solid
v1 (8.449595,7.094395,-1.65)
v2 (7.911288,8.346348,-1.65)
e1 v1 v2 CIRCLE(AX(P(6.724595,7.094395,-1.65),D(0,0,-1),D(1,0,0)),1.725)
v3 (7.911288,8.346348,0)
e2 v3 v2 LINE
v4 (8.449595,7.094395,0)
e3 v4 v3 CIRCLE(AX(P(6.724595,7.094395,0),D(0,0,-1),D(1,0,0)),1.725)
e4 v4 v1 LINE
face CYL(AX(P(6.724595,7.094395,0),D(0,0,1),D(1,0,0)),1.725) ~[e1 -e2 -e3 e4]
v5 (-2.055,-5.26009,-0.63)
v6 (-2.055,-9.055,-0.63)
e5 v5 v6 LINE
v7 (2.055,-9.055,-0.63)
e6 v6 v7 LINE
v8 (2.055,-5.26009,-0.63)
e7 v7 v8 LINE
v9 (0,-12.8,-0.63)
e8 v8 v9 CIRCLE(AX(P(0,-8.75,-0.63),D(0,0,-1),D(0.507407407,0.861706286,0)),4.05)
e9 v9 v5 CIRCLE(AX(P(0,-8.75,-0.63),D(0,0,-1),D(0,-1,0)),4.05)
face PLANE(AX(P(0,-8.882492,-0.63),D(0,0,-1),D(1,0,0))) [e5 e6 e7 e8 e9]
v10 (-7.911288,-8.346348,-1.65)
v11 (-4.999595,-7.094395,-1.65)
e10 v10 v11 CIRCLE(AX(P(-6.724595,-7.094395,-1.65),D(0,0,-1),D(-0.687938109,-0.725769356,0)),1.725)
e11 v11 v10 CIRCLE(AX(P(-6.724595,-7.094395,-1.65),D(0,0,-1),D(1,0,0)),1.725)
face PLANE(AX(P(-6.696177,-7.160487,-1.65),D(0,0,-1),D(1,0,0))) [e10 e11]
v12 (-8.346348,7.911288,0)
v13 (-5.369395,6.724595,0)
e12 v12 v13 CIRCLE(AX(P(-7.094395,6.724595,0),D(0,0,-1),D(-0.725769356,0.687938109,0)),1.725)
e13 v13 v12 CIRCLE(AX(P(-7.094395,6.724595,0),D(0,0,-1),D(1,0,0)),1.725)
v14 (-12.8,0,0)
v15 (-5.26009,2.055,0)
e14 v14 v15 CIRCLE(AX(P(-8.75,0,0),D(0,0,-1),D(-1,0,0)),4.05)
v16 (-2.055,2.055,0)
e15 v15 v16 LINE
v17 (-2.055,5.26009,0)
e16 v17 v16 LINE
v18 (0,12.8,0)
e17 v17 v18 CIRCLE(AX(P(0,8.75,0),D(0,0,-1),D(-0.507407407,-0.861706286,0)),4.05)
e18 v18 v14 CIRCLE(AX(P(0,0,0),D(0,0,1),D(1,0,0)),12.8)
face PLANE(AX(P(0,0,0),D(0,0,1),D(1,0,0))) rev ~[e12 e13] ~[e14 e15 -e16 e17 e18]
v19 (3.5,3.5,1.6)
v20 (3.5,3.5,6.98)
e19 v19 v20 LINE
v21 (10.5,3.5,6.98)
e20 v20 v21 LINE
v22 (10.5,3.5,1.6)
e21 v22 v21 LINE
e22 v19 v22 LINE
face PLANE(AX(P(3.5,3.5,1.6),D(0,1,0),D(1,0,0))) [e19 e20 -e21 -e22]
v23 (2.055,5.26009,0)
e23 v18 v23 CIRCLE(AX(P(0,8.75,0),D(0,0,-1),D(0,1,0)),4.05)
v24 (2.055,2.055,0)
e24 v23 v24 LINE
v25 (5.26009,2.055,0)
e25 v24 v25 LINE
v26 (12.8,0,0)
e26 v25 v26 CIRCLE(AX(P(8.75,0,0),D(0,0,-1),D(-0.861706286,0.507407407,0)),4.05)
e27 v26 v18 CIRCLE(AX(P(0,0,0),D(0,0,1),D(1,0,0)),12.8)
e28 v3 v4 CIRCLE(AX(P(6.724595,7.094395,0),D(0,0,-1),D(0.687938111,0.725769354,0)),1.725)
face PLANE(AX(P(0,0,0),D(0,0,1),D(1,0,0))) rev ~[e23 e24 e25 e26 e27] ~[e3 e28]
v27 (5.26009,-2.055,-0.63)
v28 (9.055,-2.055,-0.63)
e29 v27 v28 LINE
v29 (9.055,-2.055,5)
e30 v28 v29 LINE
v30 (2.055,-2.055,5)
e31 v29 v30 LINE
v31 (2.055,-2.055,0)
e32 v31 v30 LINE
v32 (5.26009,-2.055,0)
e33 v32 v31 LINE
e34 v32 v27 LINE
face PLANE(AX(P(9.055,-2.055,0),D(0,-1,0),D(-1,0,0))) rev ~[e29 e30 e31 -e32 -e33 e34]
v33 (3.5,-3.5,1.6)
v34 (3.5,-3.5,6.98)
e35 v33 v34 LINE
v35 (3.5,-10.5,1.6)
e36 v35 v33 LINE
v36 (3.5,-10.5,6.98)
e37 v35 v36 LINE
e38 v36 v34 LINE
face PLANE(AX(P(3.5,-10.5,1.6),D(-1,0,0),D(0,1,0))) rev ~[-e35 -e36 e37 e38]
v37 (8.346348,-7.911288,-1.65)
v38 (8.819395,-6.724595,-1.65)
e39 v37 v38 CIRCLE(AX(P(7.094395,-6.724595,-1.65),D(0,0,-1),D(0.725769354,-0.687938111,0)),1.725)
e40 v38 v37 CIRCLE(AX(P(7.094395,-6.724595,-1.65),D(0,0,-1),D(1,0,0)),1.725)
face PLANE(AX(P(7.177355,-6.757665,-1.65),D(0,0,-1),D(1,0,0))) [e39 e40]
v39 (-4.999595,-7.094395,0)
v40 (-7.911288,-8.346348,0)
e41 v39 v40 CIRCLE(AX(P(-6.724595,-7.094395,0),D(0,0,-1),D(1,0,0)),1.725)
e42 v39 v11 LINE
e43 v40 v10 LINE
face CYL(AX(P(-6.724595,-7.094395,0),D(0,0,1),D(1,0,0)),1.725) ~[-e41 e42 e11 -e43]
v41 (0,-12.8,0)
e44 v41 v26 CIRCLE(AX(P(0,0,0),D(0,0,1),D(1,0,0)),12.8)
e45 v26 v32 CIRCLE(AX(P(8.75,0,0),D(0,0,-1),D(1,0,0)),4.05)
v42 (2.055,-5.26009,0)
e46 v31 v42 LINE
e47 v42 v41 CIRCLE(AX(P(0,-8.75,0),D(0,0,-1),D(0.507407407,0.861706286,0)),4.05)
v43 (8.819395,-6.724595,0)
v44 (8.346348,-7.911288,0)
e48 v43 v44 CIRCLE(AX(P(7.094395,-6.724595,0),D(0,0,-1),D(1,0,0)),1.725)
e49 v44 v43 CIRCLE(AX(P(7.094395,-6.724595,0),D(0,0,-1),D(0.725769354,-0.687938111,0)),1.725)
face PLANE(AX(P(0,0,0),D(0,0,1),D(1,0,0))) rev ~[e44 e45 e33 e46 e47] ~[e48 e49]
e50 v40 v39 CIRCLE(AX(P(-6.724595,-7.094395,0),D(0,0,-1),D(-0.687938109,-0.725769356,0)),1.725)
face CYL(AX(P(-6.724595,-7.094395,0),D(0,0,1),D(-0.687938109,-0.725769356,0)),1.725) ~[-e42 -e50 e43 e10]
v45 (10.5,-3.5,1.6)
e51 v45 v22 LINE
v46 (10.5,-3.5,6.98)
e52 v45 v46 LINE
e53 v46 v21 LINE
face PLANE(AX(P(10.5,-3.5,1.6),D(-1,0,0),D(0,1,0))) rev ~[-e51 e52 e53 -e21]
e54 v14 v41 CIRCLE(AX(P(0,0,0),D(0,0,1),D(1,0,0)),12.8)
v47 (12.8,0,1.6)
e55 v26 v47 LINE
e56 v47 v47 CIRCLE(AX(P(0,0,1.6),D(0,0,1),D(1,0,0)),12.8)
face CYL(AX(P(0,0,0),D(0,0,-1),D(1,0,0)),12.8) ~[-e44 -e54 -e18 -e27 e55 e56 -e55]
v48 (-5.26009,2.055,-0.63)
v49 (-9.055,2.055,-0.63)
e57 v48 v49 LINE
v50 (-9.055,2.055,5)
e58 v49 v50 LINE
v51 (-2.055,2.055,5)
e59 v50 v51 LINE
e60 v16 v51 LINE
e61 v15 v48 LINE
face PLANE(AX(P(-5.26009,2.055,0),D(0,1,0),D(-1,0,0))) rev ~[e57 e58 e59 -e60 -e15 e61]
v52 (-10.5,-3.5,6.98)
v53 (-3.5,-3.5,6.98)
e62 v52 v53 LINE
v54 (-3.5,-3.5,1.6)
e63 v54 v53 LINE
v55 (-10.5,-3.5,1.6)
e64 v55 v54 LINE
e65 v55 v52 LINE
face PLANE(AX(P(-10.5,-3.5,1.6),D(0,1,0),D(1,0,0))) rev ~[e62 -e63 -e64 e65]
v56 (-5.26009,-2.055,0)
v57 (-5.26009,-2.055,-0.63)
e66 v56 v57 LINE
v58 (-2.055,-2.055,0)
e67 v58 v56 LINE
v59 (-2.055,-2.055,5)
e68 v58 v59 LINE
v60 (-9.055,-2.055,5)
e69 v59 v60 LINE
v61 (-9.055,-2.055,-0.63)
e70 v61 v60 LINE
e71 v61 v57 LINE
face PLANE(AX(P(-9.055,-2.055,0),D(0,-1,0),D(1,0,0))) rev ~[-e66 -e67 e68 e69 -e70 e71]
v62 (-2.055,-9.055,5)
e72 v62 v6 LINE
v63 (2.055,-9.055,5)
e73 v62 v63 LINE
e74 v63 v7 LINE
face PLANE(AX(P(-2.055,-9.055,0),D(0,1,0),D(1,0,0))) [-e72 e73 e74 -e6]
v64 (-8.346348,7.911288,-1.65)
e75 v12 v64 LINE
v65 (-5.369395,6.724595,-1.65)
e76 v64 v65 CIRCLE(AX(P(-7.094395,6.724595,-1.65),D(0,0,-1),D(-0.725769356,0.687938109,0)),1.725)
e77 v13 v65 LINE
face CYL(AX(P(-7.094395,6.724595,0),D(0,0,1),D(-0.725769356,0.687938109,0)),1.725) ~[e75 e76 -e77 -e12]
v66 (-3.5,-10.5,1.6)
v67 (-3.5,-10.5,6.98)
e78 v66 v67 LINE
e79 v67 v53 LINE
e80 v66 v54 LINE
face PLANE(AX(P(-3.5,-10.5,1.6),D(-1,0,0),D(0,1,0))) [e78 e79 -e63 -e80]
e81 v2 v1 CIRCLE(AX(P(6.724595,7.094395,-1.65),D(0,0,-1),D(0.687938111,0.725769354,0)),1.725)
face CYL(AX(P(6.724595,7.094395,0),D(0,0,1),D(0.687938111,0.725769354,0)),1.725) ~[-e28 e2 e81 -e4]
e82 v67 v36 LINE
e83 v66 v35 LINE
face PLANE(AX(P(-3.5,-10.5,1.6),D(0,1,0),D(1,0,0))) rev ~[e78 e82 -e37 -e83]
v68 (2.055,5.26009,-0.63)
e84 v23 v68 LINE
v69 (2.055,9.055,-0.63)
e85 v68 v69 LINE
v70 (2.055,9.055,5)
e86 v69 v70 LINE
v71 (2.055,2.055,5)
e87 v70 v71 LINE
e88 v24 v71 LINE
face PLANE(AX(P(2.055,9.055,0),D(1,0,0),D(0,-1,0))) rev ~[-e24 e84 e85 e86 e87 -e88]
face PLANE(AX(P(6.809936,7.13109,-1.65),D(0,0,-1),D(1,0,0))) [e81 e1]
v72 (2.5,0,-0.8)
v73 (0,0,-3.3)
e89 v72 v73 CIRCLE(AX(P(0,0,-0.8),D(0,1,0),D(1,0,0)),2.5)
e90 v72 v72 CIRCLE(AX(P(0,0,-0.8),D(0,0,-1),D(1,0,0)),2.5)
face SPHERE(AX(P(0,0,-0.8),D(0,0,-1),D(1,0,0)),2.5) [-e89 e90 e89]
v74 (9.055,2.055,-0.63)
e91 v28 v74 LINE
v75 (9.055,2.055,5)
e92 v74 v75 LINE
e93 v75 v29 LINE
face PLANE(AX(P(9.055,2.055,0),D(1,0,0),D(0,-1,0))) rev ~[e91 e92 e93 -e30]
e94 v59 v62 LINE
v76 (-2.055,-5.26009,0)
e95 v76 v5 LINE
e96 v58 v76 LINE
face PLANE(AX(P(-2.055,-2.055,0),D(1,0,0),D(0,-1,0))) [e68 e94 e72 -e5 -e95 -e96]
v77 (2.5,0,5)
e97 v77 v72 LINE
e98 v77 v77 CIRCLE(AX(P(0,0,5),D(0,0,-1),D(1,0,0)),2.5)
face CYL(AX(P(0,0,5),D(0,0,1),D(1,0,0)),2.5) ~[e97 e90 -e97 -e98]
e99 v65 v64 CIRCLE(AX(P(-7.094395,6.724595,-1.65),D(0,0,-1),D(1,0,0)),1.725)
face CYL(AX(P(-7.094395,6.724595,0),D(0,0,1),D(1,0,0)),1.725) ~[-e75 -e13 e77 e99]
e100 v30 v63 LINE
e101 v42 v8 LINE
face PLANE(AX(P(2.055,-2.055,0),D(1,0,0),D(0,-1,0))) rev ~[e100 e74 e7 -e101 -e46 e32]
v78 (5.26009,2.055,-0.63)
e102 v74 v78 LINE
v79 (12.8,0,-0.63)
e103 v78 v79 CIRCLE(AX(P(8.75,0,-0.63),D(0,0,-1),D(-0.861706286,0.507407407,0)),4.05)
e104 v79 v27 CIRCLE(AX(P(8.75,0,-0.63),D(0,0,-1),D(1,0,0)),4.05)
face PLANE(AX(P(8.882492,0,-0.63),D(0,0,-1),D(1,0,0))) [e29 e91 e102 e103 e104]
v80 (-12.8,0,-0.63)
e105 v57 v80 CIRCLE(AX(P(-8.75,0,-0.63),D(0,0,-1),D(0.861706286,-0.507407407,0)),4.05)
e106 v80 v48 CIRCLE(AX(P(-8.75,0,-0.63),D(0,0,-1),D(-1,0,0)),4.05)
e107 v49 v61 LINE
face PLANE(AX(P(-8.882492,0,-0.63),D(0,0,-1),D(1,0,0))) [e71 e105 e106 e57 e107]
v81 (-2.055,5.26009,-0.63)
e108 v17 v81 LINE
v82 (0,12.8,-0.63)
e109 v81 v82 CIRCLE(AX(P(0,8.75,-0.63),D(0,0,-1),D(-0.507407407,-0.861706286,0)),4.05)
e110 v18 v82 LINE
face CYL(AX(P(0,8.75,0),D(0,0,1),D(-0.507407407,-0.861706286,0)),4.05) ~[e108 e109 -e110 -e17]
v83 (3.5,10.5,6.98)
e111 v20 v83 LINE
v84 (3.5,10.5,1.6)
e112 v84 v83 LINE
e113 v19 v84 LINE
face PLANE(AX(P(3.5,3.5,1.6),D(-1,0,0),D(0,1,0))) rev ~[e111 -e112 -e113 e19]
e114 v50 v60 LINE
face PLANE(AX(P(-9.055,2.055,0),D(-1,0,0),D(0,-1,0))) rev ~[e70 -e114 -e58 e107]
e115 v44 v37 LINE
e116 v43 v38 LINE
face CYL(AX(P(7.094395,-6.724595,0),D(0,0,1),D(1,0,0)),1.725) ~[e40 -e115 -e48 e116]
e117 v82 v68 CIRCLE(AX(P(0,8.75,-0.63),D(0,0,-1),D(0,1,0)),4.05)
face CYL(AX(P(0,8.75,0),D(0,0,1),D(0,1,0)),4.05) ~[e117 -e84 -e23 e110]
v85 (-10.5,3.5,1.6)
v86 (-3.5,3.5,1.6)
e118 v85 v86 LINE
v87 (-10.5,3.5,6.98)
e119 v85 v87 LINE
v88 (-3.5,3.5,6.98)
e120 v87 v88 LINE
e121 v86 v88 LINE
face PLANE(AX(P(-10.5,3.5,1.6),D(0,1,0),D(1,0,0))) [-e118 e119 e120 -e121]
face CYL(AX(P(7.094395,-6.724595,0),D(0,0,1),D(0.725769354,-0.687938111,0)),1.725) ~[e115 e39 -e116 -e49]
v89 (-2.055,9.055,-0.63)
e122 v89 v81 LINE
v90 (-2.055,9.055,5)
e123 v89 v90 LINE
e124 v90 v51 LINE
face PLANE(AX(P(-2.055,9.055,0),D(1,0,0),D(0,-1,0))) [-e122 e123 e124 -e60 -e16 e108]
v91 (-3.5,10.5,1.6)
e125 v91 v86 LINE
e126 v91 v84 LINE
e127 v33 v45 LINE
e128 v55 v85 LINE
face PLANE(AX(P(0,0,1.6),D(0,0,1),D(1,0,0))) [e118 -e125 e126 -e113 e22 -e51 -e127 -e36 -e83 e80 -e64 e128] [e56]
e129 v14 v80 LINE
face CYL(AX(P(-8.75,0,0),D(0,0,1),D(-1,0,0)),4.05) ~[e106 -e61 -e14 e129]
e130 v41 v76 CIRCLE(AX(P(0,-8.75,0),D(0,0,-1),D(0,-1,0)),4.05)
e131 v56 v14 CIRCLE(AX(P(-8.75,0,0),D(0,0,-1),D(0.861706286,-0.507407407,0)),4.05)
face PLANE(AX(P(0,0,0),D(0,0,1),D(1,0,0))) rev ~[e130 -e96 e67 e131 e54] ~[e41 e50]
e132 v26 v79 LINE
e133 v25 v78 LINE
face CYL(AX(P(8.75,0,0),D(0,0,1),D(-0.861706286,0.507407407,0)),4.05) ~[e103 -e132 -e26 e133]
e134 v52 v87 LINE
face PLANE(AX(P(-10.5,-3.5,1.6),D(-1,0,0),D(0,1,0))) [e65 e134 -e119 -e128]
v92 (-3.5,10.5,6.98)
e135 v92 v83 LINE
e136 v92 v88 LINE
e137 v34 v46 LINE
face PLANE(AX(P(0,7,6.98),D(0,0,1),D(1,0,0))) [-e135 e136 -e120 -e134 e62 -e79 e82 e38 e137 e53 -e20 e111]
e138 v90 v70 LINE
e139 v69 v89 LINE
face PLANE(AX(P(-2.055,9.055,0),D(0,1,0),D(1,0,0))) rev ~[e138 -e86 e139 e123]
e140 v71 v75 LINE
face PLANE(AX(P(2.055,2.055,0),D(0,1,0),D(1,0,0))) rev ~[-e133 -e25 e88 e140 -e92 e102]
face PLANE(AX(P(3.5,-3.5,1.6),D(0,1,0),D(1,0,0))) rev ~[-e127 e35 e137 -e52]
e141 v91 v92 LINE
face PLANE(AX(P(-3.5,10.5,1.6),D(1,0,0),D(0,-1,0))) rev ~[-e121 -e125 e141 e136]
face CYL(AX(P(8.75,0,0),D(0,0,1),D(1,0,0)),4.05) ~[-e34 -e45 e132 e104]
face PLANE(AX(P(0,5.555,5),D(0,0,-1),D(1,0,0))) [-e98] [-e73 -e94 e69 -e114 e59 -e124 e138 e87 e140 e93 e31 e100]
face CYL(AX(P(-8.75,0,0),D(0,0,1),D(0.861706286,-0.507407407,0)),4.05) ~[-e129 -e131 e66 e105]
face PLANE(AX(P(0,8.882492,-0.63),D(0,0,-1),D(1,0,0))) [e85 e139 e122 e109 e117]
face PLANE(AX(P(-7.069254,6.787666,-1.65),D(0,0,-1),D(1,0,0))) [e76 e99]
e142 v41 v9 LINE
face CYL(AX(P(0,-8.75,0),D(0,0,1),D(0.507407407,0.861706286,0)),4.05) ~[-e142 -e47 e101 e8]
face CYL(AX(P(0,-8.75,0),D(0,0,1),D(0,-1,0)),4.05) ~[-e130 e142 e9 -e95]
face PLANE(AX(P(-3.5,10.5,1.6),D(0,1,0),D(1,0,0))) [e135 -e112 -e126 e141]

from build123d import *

# Parameters (mm, degrees)
F0_R      = 12.8
F1_DEPTH  = 1.6
F2_W      = 7
F2_H      = 7
F3_DEPTH  = 5.38
F4_W      = 4.11
F4_H      = 7
F4_W_2    = 7
F4_H_2    = 4.11
F5_DEPTH  = 5
F6_R      = 2.5
F7_DEPTH  = 8.3
F9_DEPTH  = 0.63
F11_DEPTH = 1.65
F12_R     = 2.5


with BuildPart() as f1:
    # F0 (on Top) → F1 (new body)
    with BuildSketch(Plane.XY):
        Circle(F0_R)
    extrude(amount=F1_DEPTH)

    # F2 (on face) → F3 (join)
    with BuildSketch(Plane.XY.offset(1.6)):
        with Locations((0, 7)):
            Rectangle(F2_W, F2_H)
        with Locations((7, 0)):
            Rectangle(F2_W, F2_H)
        Rectangle(F2_W, F2_H)
        with Locations((-7, 0)):
            Rectangle(F2_W, F2_H)
        with Locations((0, -7)):
            Rectangle(F2_W, F2_H)
    extrude(amount=F3_DEPTH)

    # F4 (on face) → F5 (cut)
    with BuildSketch(Plane(origin=(0, 0, 0), x_dir=(1, 0, 0), z_dir=(0, 0, -1))):
        with Locations((0, -5.555)):
            Rectangle(F4_W, F4_H)
        with Locations((-5.555, 0)):
            Rectangle(F4_W_2, F4_H_2)
        Rectangle(F4_W, F4_H_2)
        with Locations((5.555, 0)):
            Rectangle(F4_W_2, F4_H_2)
        with Locations((0, 5.555)):
            Rectangle(F4_W, F4_H)
    extrude(amount=-F5_DEPTH, mode=Mode.SUBTRACT)

    # F6 (on face) → F7 (join)
    with BuildSketch(Plane(origin=(0, 0, 5), x_dir=(1, 0, 0), z_dir=(0, 0, -1))):
        Circle(F6_R)
    extrude(amount=F7_DEPTH)

    # F8 (on face) → F9 (join)
    with BuildSketch(Plane(origin=(0, 0, 0), x_dir=(1, 0, 0), z_dir=(0, 0, -1))):
        with BuildLine():
            ThreePointArc((-5.2600895427, 2.055), (-9.8149794946, 3.9074696001), (-12.8, 0))
            ThreePointArc((-12.8, 0), (-9.8149794946, -3.9074696001), (-5.2600895427, -2.055))
            Line((-5.2600895427, -2.055), (-9.055, -2.055))
            Line((-9.055, -2.055), (-9.055, 2.055))
            Line((-9.055, 2.055), (-5.2600895427, 2.055))
        make_face()
        with BuildLine():
            ThreePointArc((2.055, 5.2600895427), (3.516052474, 6.7400559709), (4.05, 8.75))
            ThreePointArc((4.05, 8.75), (2.8637824638, 11.6137824638), (0, 12.8))
            ThreePointArc((0, 12.8), (-3.9074696001, 9.8149794946), (-2.055, 5.2600895427))
            Line((-2.055, 5.2600895427), (-2.055, 9.055))
            Line((-2.055, 9.055), (2.055, 9.055))
            Line((2.055, 9.055), (2.055, 5.2600895427))
        make_face()
        with BuildLine():
            ThreePointArc((5.2600895427, -2.055), (9.8149794946, -3.9074696001), (12.8, 0))
            ThreePointArc((12.8, 0), (9.8149794946, 3.9074696001), (5.2600895427, 2.055))
            Line((5.2600895427, 2.055), (9.055, 2.055))
            Line((9.055, 2.055), (9.055, -2.055))
            Line((9.055, -2.055), (5.2600895427, -2.055))
        make_face()
        with BuildLine():
            ThreePointArc((-2.055, -5.2600895427), (-3.9074696001, -9.8149794946), (0, -12.8))
            ThreePointArc((0, -12.8), (2.8637824638, -11.6137824638), (4.05, -8.75))
            ThreePointArc((4.05, -8.75), (3.516052474, -6.7400559709), (2.055, -5.2600895427))
            Line((2.055, -5.2600895427), (2.055, -9.055))
            Line((2.055, -9.055), (-2.055, -9.055))
            Line((-2.055, -9.055), (-2.055, -5.2600895427))
        make_face()
    extrude(amount=F9_DEPTH)

    # F10 (on face) → F11 (join)
    with BuildSketch(Plane(origin=(0, 0, 0), x_dir=(1, 0, 0), z_dir=(0, 0, -1))):
        with BuildLine():
            ThreePointArc((-7.9112882596, 8.3463475889), (-7.4059830041, 5.5096760997), (-4.9995950218, 7.0943954494))
            ThreePointArc((-4.9995950218, 7.0943954494), (-6.0432070395, 8.6791147992), (-7.9112882596, 8.3463475889))
        make_face()
        with BuildLine():
            ThreePointArc((-5.3693954494, -6.7245950218), (-7.7331471854, -5.1222151605), (-8.3463475884, -7.91128826))
            ThreePointArc((-8.3463475884, -7.91128826), (-6.4556437135, -8.3269748831), (-5.3693954494, -6.7245950218))
        make_face()
        with BuildLine():
            ThreePointArc((8.4495950218, -7.0943954494), (5.1398756712, -6.4130074691), (7.9112882626, -8.346347586))
            ThreePointArc((7.9112882626, -8.346347586), (8.3093143724, -7.7757834298), (8.4495950218, -7.0943954494))
        make_face()
        with BuildLine():
            ThreePointArc((8.8193954494, 6.7245950218), (8.6967753098, 7.36334676), (8.3463475851, 7.9112882636))
            ThreePointArc((8.3463475851, 7.9112882636), (5.492015589, 6.0858432836), (8.8193954494, 6.7245950218))
        make_face()
    extrude(amount=F11_DEPTH)

    # F12
    f12_edges = [f1.edges().sort_by_distance(p)[0] for p in [
        (-2.5, 0, -3.3),
    ]]
    fillet(f12_edges, radius=F12_R)


solid = f1.part
